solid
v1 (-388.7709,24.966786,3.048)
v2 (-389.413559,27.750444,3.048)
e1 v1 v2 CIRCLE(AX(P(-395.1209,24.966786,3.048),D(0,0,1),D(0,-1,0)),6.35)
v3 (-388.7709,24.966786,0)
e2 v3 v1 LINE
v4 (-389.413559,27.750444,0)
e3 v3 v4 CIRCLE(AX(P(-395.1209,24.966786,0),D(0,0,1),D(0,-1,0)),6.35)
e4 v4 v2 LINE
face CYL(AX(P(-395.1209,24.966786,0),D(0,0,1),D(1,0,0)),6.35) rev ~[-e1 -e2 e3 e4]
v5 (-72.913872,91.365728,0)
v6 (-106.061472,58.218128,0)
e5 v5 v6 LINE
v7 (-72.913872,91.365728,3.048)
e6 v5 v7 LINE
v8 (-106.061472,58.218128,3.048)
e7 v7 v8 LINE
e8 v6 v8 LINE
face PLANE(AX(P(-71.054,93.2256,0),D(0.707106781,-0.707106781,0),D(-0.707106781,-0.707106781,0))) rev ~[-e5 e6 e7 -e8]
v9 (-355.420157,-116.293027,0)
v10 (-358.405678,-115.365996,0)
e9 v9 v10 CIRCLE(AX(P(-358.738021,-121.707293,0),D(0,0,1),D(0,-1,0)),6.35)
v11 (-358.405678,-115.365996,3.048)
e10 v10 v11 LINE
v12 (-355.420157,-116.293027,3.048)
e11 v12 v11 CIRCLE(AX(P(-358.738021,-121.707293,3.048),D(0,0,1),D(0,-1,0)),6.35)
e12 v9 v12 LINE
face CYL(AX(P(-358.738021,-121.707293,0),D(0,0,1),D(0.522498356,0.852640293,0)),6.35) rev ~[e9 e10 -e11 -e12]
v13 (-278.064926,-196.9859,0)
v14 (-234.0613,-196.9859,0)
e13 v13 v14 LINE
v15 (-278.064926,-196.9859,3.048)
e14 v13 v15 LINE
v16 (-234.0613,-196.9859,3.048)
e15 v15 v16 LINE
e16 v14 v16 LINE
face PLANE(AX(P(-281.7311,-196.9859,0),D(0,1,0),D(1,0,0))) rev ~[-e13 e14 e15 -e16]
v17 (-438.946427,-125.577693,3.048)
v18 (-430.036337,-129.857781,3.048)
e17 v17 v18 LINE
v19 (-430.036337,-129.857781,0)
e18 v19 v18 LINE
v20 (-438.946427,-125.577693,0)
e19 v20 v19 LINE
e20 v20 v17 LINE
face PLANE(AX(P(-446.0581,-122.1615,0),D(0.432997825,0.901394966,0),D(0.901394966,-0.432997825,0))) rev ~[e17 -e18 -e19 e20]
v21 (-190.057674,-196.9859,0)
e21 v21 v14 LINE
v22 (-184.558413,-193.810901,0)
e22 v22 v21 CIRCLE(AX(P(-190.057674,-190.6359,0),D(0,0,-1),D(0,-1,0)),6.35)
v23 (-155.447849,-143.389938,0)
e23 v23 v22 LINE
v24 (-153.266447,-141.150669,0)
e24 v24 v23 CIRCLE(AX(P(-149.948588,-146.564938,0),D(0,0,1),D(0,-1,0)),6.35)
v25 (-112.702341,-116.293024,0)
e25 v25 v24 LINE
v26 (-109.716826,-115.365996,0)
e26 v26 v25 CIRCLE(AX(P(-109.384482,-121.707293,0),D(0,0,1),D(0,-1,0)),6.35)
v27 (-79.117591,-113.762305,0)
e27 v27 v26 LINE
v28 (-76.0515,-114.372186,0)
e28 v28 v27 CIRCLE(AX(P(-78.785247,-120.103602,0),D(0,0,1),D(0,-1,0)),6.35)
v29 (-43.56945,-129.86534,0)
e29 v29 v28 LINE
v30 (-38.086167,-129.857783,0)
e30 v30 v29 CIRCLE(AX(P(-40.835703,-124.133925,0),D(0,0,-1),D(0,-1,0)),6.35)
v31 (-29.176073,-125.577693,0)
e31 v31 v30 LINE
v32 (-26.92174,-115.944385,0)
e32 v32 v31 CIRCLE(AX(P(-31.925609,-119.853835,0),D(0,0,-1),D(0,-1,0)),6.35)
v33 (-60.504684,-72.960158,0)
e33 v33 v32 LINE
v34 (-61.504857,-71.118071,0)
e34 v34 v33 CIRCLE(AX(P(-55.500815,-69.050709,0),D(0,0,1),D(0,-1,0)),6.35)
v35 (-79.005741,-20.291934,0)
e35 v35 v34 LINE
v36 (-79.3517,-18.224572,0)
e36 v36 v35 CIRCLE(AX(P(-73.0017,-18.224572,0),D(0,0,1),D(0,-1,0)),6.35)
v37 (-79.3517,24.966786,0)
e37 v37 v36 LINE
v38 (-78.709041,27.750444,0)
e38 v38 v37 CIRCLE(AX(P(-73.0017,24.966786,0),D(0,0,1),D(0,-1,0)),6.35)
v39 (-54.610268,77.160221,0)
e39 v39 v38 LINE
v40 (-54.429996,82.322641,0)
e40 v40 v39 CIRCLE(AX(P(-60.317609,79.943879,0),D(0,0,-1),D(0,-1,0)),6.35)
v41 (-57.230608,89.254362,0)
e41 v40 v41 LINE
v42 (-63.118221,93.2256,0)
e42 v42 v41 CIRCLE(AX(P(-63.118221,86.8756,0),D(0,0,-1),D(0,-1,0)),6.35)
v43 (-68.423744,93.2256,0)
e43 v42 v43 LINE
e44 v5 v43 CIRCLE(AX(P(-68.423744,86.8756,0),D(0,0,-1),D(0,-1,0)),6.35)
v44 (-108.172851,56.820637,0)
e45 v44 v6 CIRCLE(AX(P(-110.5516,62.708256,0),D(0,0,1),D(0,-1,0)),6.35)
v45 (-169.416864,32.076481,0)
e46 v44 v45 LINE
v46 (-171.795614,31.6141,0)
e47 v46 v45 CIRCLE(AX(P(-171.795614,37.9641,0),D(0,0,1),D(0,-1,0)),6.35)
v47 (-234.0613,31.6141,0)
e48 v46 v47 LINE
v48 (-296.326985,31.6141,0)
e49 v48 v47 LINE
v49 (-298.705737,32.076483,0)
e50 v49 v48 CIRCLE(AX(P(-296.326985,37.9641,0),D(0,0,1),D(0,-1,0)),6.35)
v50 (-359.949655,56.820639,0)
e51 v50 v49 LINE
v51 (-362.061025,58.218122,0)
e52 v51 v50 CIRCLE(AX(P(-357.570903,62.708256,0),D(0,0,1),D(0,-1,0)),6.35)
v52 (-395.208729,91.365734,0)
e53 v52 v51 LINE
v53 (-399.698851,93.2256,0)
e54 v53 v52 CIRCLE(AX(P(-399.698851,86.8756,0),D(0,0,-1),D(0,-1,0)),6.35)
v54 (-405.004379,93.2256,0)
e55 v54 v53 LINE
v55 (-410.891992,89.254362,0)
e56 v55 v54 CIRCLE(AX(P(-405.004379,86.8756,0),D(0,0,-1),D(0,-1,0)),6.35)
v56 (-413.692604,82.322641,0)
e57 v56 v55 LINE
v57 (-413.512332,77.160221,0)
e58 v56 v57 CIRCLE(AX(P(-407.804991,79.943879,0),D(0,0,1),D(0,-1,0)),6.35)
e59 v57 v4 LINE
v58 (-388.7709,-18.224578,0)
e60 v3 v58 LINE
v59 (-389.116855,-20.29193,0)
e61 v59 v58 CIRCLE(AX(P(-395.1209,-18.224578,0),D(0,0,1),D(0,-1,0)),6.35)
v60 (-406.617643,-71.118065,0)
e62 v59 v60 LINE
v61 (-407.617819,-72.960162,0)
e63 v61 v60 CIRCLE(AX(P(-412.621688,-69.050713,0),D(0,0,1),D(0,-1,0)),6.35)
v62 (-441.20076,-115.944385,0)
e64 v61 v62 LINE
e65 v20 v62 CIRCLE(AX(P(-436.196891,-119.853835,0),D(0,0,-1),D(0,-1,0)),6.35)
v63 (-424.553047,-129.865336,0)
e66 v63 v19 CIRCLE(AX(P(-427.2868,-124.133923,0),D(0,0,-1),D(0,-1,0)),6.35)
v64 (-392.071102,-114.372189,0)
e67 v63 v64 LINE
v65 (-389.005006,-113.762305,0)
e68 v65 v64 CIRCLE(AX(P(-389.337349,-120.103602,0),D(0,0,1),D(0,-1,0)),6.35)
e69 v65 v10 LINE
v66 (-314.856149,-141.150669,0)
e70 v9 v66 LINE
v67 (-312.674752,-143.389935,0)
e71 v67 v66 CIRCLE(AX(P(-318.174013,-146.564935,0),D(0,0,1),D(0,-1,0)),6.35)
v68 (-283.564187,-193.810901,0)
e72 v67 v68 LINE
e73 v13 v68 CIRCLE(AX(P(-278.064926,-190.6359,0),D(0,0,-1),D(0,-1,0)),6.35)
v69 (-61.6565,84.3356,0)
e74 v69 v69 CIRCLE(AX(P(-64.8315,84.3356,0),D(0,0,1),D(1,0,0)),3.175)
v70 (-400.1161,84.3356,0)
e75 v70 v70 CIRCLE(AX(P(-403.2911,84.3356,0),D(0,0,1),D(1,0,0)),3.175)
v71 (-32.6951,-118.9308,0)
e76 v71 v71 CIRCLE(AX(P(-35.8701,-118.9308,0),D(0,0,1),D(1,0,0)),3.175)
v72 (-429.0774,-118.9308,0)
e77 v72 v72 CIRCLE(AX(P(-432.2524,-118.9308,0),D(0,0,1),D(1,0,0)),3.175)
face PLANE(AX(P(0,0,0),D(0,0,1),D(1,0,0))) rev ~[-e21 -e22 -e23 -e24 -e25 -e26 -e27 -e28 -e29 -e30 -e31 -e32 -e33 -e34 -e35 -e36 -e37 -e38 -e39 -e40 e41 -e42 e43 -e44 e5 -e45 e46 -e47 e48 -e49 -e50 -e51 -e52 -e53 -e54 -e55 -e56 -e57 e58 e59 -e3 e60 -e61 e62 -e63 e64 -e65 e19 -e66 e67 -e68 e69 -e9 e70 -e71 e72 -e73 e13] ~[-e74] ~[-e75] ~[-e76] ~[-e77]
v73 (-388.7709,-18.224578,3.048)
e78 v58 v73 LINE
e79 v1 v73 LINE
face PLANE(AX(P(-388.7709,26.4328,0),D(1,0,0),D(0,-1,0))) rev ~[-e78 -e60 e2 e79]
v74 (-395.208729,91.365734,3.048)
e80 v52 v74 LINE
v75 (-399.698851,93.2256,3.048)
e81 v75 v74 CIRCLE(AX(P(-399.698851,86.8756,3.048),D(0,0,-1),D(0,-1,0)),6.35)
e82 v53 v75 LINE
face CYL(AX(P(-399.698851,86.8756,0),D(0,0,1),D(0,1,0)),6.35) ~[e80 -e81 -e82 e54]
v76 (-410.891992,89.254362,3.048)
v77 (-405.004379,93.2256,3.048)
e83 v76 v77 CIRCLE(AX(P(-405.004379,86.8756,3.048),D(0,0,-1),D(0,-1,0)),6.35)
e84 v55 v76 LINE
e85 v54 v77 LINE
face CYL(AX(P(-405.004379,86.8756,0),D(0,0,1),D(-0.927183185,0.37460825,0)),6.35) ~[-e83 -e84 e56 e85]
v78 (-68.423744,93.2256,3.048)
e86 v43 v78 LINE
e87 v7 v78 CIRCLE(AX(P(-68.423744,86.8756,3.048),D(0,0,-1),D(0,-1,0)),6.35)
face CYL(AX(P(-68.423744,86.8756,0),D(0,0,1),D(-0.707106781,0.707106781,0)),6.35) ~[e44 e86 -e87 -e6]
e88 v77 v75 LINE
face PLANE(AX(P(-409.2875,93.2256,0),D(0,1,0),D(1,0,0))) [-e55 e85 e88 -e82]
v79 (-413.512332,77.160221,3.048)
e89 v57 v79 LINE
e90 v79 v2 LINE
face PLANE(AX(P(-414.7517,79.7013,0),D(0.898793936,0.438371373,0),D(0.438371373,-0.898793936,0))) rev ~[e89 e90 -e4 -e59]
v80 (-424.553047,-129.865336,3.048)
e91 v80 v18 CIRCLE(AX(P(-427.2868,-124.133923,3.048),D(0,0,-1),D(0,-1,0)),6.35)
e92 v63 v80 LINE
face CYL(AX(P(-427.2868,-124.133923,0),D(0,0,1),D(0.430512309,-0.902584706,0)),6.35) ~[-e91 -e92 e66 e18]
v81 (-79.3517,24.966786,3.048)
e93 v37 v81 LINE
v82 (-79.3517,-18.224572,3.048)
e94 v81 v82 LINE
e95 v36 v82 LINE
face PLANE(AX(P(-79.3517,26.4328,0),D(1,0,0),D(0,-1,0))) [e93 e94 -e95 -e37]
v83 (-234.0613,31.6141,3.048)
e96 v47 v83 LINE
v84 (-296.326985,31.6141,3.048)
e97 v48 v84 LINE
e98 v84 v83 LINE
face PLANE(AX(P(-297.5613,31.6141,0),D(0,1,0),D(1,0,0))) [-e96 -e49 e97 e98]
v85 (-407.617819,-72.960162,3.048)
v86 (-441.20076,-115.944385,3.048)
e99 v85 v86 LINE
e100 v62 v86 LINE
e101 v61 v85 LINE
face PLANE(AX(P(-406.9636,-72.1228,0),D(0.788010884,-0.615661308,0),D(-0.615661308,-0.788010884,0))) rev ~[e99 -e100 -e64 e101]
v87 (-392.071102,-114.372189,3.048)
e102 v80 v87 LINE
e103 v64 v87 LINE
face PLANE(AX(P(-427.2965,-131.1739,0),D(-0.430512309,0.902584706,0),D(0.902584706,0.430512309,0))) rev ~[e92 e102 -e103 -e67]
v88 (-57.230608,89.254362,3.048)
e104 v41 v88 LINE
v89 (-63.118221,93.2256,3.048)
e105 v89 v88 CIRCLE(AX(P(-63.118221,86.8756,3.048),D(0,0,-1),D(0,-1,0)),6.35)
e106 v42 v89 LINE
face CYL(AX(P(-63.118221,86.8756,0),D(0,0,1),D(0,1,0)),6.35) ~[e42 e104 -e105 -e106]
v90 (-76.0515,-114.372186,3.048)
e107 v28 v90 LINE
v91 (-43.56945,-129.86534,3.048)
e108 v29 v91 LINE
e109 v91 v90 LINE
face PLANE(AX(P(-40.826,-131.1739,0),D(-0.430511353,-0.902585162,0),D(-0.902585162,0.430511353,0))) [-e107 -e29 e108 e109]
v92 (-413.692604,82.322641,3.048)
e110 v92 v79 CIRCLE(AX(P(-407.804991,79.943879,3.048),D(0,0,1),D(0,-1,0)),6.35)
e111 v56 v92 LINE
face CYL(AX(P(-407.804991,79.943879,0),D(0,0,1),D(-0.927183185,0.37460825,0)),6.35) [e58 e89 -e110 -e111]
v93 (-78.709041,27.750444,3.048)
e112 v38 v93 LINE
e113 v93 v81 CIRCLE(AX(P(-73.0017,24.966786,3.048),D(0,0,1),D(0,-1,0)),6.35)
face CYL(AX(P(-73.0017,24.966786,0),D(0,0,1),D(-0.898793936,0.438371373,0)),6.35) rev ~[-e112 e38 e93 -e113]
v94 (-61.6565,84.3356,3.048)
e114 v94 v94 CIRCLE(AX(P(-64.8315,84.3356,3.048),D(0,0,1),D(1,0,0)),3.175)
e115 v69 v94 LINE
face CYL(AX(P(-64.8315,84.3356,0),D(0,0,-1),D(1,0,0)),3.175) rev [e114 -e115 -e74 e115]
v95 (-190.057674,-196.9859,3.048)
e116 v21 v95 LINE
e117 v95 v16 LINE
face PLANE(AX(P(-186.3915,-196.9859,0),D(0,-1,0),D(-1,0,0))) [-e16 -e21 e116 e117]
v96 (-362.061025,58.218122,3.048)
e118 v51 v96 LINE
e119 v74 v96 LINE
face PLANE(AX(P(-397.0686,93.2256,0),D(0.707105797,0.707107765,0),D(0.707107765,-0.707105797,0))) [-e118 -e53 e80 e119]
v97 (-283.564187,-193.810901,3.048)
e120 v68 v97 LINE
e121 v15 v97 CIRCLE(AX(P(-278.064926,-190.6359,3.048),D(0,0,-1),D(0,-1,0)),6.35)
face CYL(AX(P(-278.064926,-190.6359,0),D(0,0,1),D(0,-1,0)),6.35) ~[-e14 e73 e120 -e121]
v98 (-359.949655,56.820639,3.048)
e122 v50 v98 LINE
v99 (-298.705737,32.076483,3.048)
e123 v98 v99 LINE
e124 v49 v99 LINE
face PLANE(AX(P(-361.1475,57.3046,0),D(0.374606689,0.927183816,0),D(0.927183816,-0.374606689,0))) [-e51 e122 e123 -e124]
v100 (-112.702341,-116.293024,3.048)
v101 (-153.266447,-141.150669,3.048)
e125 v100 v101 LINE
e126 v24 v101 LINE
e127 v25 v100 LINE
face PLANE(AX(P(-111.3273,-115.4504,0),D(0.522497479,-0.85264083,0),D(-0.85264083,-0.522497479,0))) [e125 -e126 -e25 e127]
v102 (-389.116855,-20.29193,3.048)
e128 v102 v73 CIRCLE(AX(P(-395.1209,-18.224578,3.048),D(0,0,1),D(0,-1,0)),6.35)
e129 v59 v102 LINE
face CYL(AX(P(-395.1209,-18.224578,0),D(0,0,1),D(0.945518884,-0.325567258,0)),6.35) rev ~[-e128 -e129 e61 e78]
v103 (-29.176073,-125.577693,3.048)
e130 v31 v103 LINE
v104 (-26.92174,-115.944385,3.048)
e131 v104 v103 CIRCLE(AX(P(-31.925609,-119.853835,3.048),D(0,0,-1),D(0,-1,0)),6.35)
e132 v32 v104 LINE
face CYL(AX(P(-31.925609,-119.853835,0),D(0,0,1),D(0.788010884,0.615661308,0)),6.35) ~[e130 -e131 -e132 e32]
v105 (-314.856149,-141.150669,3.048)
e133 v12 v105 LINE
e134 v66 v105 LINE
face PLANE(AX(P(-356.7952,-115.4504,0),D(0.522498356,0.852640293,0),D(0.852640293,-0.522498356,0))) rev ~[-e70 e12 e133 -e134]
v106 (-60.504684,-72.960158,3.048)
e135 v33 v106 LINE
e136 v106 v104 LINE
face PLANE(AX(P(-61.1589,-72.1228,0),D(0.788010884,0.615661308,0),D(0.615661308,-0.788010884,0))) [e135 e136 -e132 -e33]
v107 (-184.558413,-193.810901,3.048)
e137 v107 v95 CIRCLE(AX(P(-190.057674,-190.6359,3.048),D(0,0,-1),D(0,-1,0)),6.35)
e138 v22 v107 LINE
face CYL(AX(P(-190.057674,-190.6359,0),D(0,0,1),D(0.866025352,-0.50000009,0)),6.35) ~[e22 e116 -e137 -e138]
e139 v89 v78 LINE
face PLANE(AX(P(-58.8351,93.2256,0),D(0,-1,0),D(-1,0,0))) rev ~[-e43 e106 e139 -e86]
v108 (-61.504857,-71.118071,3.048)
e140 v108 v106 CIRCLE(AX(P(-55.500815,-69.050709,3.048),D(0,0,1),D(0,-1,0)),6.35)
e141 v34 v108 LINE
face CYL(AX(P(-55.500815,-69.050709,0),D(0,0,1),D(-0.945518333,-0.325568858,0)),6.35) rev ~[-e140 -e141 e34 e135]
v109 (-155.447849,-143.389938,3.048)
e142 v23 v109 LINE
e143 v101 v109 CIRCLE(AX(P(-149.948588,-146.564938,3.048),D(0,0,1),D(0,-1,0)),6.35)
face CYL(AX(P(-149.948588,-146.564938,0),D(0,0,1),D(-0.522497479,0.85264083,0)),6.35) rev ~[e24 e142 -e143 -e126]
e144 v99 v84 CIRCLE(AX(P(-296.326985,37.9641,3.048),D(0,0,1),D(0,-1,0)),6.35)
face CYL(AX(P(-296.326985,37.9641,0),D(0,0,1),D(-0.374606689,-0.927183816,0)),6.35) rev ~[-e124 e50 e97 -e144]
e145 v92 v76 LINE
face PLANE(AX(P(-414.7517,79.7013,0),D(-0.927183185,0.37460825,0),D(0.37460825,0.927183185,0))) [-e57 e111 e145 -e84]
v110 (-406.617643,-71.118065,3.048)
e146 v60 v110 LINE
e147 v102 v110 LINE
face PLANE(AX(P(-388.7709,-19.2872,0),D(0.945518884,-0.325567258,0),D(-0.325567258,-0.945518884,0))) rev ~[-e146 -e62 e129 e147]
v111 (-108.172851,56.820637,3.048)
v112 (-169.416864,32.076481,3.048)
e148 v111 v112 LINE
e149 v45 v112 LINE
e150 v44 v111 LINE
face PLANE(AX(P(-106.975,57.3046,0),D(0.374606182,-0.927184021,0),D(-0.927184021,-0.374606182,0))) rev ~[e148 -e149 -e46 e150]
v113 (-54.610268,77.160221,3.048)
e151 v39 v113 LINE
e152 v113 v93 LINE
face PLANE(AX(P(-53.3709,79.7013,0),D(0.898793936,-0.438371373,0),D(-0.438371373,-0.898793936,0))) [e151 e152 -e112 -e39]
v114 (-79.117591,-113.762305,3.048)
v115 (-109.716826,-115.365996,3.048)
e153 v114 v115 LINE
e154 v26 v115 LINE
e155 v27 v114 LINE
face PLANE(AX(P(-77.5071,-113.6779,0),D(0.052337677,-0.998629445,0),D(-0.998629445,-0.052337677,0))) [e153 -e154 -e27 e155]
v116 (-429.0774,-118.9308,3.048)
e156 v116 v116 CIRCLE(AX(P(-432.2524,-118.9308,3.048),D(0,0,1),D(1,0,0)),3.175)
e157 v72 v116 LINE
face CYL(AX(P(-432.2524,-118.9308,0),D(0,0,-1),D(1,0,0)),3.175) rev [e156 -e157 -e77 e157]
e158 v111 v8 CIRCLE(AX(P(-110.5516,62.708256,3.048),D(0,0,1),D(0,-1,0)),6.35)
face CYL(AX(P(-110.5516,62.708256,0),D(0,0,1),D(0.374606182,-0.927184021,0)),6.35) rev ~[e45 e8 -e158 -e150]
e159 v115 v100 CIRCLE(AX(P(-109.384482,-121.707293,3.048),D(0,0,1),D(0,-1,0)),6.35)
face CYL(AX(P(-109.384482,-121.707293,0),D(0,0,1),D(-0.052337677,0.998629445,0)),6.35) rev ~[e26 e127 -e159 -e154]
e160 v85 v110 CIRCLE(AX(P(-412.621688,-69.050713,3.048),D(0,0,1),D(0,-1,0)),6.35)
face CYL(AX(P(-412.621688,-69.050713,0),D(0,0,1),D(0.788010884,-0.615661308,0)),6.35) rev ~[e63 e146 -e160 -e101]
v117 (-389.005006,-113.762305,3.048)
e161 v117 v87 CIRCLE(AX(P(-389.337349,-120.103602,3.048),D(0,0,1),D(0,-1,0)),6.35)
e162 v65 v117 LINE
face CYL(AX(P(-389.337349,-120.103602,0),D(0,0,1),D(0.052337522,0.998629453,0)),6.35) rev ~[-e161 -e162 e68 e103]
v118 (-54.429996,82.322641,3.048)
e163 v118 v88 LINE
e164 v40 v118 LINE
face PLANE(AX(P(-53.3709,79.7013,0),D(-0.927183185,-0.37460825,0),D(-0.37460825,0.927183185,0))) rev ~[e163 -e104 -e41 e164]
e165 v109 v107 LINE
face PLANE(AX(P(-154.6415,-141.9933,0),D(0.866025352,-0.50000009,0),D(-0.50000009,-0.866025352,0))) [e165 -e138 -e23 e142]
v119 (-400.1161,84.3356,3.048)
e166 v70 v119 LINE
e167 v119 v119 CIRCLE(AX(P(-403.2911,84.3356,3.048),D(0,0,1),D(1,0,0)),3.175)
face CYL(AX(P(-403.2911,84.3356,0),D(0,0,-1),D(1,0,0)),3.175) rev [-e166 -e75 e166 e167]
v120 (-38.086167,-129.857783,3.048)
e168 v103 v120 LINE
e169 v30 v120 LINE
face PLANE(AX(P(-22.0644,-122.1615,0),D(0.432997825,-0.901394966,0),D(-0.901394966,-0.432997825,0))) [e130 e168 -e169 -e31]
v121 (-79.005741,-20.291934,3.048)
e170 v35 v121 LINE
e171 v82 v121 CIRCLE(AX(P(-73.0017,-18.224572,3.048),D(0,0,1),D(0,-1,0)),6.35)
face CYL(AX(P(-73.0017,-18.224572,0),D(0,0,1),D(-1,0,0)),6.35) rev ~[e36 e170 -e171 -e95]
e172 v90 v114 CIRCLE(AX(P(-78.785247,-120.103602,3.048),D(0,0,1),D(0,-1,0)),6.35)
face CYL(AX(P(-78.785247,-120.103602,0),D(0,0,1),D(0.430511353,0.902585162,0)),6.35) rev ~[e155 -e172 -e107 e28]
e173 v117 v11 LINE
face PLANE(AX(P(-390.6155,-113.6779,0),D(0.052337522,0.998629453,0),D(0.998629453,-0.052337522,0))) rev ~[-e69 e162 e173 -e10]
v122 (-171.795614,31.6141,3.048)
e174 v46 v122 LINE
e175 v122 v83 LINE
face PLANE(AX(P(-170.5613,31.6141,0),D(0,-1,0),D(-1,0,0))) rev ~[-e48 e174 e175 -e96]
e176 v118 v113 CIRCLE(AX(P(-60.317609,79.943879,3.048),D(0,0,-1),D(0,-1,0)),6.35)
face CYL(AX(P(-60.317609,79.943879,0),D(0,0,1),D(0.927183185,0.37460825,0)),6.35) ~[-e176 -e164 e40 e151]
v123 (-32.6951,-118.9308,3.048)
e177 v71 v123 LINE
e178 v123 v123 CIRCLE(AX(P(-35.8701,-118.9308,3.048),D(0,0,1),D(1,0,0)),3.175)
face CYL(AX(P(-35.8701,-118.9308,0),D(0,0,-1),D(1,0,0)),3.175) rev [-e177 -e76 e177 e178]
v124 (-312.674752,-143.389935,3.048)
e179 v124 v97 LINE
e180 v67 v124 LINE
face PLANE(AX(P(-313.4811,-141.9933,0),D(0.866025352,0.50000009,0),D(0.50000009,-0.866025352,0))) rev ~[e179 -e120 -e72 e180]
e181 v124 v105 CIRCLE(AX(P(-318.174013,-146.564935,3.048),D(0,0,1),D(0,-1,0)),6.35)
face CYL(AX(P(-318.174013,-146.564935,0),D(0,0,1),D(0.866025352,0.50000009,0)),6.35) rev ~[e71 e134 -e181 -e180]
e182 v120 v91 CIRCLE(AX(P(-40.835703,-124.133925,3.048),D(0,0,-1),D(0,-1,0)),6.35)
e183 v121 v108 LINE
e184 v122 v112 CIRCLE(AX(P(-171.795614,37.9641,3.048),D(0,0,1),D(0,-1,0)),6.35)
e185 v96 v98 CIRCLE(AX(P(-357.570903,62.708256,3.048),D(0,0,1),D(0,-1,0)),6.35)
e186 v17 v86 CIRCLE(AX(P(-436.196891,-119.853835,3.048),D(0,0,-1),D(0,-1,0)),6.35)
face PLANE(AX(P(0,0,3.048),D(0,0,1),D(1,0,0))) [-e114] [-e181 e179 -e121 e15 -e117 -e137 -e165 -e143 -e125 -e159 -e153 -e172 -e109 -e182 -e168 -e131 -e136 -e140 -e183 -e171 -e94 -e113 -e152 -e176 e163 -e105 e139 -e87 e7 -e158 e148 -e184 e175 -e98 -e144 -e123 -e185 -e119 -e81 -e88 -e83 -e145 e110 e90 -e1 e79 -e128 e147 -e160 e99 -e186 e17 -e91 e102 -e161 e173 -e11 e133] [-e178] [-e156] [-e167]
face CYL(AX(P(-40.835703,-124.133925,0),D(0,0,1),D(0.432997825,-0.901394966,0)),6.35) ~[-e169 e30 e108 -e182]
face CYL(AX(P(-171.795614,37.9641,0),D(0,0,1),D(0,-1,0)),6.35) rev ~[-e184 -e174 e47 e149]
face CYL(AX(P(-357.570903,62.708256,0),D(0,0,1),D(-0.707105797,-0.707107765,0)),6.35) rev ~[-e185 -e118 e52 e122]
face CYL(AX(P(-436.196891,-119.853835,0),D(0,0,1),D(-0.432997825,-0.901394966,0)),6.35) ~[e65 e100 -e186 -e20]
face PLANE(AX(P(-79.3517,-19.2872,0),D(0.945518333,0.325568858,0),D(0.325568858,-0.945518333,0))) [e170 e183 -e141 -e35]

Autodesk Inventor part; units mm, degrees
ref_plane "YZ Plane" through (0, 0, 0) normal (1, 0, 0) x (0, 1, 0)
ref_plane "XZ Plane" through (0, 0, 0) normal (0, 1, 0) x (-1, 0, 0)
ref_plane "XY Plane" through (0, 0, 0) normal (0, 0, 1) x (1, 0, 0)
sketch "Sketch1" plane through (0, 0, 0) normal (0, 0, 1) x (1, 0, 0)
  circle A0 centre (-403.2911, 84.3356) radius 3.175
  line L0 (-234.0613, -196.9859) -> (-234.0613, 203.2) construction
  line L1 (-414.7517, 79.7013) -> (-409.2875, 93.2256)
  line L2 (-409.2875, 93.2256) -> (-397.0686, 93.2256)
  line L3 (-397.0686, 93.2256) -> (-361.1475, 57.3046)
  line L4 (-361.1475, 57.3046) -> (-297.5613, 31.6141)
  line L5 (-297.5613, 31.6141) -> (-234.0613, 31.6141)
  line L6 (-414.7517, 79.7013) -> (-388.7709, 26.4328)
  line L7 (-388.7709, 26.4328) -> (-388.7709, -19.2872)
  line L8 (-388.7709, -19.2872) -> (-406.9636, -72.1228)
  line L9 (-406.9636, -72.1228) -> (-446.0581, -122.1615)
  line L10 (-446.0581, -122.1615) -> (-427.2965, -131.1739)
  line L11 (-427.2965, -131.1739) -> (-390.6155, -113.6779)
  line L12 (-390.6155, -113.6779) -> (-356.7952, -115.4504)
  line L13 (-356.7952, -115.4504) -> (-313.4811, -141.9933)
  line L14 (-313.4811, -141.9933) -> (-281.7311, -196.9859)
  line L15 (-281.7311, -196.9859) -> (-234.0613, -196.9859)
  circle A1 centre (-432.2524, -118.9308) radius 3.175
  circle A2 centre (-64.8315, 84.3356) radius 3.175
  line L16 (-53.3709, 79.7013) -> (-58.8351, 93.2256)
  line L17 (-58.8351, 93.2256) -> (-71.054, 93.2256)
  line L18 (-71.054, 93.2256) -> (-106.975, 57.3046)
  line L19 (-106.975, 57.3046) -> (-170.5613, 31.6141)
  line L20 (-170.5613, 31.6141) -> (-234.0613, 31.6141)
  line L21 (-53.3709, 79.7013) -> (-79.3517, 26.4328)
  line L22 (-79.3517, 26.4328) -> (-79.3517, -19.2872)
  line L23 (-79.3517, -19.2872) -> (-61.1589, -72.1228)
  line L24 (-61.1589, -72.1228) -> (-22.0644, -122.1615)
  line L25 (-22.0644, -122.1615) -> (-40.826, -131.1739)
  line L26 (-40.826, -131.1739) -> (-77.5071, -113.6779)
  line L27 (-77.5071, -113.6779) -> (-111.3273, -115.4504)
  line L28 (-111.3273, -115.4504) -> (-154.6415, -141.9933)
  line L29 (-154.6415, -141.9933) -> (-186.3915, -196.9859)
  line L30 (-186.3915, -196.9859) -> (-234.0613, -196.9859)
  circle A3 centre (-35.8701, -118.9308) radius 3.175
  dimension "d0" = 63.5
  dimension "d1" = 158
  dimension "d2" = 68.58
  dimension "d3" = 157
  dimension "d4" = 50.8
  dimension "d5" = 112
  dimension "d6" = 8.89
  dimension "d7" = 8.89
  dimension "d8" = 132
  dimension "d9" = 59.2667
  dimension "d10" = 154
  dimension "d11" = 45.72
  dimension "d12" = 161
  dimension "d13" = 161
  dimension "d14" = 55.88
  dimension "d15" = 8.89
  dimension "d16" = 8.89
  dimension "d17" = 63.5
  dimension "d18" = 228.6
  dimension "d19" = 120
  dimension "d20" = 63.5
  dimension "d21" = 151.5
  dimension "d22" = 50.8
  dimension "d23" = 151.5
  dimension "d24" = 33.8667
  dimension "d25" = 151.5
  dimension "d26" = 40.64
  dimension "d27" = 20.8139
extrude "Plate1" add sketch "Sketch1" along normal blind 3.048
fillet "Fillet1" radius 6.35 28 edges at (-446.0581, -122.1615, 1.524) (-427.2965, -131.1739, 1.524) (-406.9636, -72.1228, 1.524) (-390.6155, -113.6779, 1.524) (-388.7709, -19.2872, 1.524) (-388.7709, 26.4328, 1.524) (-414.7517, 79.7013, 1.524) (-409.2875, 93.2256, 1.524) (-313.4811, -141.9933, 1.524) (-281.7311, -196.9859, 1.524) (-186.3915, -196.9859, 1.524) (-154.6415, -141.9933, 1.524) (-111.3273, -115.4504, 1.524) (-77.5071, -113.6779, 1.524) (-40.826, -131.1739, 1.524) (-22.0644, -122.1615, 1.524) (-61.1589, -72.1228, 1.524) (-79.3517, -19.2872, 1.524) (-79.3517, 26.4328, 1.524) (-53.3709, 79.7013, 1.524) (-58.8351, 93.2256, 1.524) (-71.054, 93.2256, 1.524) (-106.975, 57.3046, 1.524) (-170.5613, 31.6141, 1.524) (-297.5613, 31.6141, 1.524) (-361.1475, 57.3046, 1.524) (-397.0686, 93.2256, 1.524) (-356.7952, -115.4504, 1.524)
equation "\"d28\" = Thickness"
equation "\"BendRadius\" = Thickness"
equation "\"BendReliefWidth\" = Thickness"
equation "\"BendReliefDepth\" = 0.5 * Thickness"
equation "\"CornerReliefSize\" = 4 * Thickness"
equation "\"MinimumRemnant\" = 2 * Thickness"
equation "\"TransitionRadius\" = BendRadius"
equation "\"JacobiRadiusSize\" = BendRadius"
equation "\"GapSize\" = Thickness"
equation "\"Thickness\" = 3.048"
properties part number "DriverManifoldBase"
